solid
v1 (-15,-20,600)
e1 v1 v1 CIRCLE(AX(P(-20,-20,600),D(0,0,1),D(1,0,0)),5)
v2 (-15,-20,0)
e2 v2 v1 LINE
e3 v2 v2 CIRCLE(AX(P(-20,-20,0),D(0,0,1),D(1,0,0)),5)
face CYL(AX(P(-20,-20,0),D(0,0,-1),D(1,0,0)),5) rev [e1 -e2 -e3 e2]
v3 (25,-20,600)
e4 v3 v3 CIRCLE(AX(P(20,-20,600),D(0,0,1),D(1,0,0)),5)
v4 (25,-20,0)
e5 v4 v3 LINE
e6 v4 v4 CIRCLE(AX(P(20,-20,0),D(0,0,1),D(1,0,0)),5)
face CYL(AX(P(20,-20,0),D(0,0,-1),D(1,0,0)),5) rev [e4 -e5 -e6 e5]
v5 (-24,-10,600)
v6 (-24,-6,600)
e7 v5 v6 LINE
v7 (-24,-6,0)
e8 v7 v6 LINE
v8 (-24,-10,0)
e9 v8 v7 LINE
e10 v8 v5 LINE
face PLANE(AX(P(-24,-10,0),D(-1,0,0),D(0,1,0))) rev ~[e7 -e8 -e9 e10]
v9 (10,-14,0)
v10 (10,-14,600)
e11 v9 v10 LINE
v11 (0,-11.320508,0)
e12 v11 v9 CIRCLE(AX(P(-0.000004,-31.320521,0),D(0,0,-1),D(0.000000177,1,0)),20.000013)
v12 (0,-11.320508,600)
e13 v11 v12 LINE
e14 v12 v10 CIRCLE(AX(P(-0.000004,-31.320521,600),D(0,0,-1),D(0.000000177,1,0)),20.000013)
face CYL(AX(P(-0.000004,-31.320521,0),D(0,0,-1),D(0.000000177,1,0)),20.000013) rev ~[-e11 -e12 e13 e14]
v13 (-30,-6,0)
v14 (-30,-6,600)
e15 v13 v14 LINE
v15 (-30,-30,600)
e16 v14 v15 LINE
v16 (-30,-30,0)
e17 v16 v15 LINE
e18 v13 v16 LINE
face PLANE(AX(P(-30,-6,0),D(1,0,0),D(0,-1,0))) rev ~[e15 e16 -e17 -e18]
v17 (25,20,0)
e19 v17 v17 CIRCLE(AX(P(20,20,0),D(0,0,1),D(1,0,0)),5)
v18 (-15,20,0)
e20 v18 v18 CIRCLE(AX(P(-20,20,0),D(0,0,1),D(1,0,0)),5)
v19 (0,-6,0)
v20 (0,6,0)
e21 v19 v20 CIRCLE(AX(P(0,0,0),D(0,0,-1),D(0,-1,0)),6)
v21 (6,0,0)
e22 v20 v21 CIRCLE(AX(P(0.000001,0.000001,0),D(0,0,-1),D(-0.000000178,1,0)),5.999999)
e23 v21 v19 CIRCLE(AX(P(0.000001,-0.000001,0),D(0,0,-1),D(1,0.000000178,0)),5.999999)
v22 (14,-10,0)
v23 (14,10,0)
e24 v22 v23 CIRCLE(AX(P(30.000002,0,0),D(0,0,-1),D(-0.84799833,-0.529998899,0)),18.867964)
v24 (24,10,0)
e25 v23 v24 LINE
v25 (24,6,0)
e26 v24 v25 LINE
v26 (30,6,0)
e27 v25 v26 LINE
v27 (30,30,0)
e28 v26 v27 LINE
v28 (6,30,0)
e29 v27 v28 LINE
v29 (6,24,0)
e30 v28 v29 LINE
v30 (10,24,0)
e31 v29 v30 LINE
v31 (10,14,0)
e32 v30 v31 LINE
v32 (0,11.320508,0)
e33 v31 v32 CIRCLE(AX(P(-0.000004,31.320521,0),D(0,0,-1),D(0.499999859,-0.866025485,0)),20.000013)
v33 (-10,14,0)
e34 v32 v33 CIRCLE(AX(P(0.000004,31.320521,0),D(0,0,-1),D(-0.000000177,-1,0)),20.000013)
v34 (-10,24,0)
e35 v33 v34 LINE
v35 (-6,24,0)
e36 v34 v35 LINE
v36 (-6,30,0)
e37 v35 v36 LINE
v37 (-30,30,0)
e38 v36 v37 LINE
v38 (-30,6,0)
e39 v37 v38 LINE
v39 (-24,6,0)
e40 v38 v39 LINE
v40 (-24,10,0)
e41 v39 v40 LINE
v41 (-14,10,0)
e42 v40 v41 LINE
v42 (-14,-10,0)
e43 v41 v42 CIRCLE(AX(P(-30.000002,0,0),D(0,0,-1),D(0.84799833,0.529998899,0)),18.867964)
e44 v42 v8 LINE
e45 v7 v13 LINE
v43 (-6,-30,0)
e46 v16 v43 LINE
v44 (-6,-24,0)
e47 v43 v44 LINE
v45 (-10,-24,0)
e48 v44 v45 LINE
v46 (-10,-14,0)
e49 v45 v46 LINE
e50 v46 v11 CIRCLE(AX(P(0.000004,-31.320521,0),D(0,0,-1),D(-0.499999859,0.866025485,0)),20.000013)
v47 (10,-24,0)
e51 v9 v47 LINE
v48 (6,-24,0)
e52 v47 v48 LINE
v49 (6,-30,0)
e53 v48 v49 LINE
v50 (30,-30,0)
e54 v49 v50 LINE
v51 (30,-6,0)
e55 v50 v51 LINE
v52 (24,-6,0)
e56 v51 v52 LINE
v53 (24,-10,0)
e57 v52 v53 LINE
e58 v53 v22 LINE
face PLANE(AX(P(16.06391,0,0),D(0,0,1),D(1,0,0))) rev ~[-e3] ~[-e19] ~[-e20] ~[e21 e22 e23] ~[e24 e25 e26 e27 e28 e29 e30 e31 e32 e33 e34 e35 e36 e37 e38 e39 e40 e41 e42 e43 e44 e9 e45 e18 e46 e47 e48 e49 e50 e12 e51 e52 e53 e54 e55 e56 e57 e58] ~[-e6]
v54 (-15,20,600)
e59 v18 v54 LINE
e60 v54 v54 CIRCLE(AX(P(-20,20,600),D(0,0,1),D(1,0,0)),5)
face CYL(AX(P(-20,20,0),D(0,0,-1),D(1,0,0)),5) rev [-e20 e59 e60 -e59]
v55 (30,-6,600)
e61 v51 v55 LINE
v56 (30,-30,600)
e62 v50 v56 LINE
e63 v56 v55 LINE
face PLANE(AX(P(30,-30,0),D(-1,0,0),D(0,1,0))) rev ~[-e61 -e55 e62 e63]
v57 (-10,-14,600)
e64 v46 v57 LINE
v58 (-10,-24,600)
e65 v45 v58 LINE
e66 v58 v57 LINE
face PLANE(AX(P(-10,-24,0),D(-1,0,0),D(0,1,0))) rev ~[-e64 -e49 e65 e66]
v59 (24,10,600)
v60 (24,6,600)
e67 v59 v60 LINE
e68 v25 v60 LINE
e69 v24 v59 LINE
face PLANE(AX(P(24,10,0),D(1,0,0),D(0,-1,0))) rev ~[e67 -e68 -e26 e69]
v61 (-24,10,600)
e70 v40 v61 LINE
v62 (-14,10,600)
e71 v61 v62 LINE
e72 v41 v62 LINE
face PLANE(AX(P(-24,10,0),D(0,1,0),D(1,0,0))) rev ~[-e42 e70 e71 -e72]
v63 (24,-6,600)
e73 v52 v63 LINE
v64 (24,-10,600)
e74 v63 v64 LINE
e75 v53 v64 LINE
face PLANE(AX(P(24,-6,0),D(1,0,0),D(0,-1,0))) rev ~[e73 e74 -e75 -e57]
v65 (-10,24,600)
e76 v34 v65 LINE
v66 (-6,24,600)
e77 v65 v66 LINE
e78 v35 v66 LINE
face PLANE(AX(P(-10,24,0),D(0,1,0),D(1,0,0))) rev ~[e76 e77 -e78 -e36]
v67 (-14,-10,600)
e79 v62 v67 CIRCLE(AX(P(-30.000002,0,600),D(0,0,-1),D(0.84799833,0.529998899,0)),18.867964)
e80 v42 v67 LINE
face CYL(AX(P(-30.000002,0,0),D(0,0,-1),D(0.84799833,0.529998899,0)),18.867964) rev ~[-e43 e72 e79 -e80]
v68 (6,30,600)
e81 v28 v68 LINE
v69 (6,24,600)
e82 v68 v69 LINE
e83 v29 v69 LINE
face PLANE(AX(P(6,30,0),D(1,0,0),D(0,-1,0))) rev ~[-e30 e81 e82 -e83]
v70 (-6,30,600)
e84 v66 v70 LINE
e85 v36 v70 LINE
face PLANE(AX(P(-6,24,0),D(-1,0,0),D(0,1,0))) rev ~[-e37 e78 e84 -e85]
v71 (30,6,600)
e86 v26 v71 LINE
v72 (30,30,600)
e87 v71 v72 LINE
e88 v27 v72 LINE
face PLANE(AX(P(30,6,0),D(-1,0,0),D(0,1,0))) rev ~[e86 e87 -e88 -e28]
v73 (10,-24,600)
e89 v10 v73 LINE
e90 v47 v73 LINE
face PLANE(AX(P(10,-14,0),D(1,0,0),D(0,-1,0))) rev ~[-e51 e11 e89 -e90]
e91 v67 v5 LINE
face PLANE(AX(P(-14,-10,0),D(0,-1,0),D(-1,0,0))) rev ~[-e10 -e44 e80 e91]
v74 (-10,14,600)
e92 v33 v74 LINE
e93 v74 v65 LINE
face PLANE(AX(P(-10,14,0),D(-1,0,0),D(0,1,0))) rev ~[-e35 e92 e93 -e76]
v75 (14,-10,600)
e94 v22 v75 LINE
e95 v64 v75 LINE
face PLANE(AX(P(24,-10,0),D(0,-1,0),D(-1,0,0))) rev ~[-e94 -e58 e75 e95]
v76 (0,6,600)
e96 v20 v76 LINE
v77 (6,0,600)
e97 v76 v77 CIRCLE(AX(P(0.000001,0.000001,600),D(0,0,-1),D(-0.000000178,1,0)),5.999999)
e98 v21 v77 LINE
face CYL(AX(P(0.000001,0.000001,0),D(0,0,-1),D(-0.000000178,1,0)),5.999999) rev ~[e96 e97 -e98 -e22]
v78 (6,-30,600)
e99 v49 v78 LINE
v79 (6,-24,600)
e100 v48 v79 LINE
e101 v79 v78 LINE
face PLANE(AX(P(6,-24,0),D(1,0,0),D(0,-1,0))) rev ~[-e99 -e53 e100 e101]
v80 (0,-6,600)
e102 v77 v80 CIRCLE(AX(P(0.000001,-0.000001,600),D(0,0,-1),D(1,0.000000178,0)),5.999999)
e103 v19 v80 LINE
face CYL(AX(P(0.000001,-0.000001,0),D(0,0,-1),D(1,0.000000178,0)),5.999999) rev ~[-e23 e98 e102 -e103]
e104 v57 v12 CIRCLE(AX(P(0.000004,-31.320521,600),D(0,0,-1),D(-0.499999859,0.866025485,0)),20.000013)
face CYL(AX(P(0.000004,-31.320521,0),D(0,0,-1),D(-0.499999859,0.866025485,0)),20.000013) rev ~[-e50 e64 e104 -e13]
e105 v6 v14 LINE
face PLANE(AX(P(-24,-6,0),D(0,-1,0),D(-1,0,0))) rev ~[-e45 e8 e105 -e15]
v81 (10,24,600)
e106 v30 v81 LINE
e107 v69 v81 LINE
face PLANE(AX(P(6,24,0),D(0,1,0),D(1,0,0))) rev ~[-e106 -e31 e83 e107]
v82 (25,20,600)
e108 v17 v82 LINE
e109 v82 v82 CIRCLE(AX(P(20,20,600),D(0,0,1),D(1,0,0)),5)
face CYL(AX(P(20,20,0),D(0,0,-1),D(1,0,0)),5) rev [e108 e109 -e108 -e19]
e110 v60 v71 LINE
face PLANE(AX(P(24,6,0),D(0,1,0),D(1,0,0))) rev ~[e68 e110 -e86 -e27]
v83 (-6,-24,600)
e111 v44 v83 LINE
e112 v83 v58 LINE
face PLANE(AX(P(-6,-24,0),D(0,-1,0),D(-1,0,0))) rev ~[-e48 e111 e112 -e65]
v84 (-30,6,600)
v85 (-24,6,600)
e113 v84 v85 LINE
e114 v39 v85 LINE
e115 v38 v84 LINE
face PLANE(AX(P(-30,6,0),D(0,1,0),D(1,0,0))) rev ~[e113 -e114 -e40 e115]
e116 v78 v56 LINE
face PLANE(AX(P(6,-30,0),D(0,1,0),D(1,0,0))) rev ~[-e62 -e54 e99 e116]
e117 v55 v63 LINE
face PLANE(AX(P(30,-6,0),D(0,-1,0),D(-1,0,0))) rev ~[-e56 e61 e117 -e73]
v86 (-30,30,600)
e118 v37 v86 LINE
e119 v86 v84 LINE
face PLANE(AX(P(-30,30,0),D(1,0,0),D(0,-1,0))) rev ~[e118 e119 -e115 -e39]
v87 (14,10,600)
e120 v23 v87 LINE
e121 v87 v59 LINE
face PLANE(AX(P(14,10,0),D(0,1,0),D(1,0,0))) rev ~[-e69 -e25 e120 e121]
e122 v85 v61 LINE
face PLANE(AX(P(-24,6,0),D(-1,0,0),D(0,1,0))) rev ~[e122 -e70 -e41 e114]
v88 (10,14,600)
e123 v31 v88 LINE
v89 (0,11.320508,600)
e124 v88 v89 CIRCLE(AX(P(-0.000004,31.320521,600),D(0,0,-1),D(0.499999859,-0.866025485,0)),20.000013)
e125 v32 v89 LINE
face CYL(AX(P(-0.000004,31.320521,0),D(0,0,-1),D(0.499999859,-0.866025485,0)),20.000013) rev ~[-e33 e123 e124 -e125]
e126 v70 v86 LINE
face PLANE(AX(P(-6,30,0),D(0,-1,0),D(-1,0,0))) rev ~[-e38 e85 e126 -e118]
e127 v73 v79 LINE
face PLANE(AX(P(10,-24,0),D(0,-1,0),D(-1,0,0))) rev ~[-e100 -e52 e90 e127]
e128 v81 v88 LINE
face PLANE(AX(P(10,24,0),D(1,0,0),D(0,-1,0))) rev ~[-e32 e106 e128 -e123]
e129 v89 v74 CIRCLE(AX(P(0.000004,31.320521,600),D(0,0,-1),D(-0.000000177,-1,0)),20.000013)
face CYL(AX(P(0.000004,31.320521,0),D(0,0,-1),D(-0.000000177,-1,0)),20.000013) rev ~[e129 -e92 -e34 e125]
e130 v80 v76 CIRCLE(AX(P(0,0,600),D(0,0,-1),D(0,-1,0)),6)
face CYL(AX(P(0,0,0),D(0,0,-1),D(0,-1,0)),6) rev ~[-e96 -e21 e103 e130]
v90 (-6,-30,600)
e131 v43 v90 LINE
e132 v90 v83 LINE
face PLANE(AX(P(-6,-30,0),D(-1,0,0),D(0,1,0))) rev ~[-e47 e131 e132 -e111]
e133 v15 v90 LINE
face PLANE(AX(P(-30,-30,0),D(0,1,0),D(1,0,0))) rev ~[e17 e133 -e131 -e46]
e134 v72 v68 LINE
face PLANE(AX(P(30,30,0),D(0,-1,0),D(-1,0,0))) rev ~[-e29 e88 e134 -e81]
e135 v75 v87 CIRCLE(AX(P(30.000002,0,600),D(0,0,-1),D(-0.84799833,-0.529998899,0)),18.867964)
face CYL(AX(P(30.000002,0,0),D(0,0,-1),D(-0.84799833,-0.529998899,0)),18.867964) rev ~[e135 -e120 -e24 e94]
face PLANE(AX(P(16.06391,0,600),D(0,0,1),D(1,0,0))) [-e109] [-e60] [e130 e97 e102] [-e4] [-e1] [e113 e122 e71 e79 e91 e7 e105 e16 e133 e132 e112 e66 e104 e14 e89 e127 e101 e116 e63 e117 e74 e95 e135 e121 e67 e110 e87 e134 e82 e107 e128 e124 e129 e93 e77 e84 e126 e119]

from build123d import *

# Parameters (mm, degrees)
F0_R     = 5
F1_DEPTH = 600


with BuildPart() as f1:
    # F0 (on Top) → F1 (new body)
    with BuildSketch(Plane.XY):
        with BuildLine():
            Line((30, 6), (30, 30))
            Line((30, 30), (6, 30))
            Line((6, 30), (6, 24))
            Line((6, 24), (10, 24))
            Line((10, 24), (10, 14))
            ThreePointArc((10, 14), (5.176381, 12.001992), (0, 11.320508))
            Line((0, 11.320508), (0, 6))
            ThreePointArc((0, 6), (4.242641, 4.242641), (6, 0))
            ThreePointArc((6, 0), (4.242641, -4.242641), (0, -6))
            Line((0, -6), (0, -11.320508))
            ThreePointArc((0, -11.320508), (5.176381, -12.001992), (10, -14))
            Line((10, -14), (10, -24))
            Line((10, -24), (6, -24))
            Line((6, -24), (6, -30))
            Line((6, -30), (30, -30))
            Line((30, -30), (30, -6))
            Line((30, -6), (24, -6))
            Line((24, -6), (24, -10))
            Line((24, -10), (14, -10))
            ThreePointArc((14, -10), (11.132038, 0), (14, 10))
            Line((14, 10), (24, 10))
            Line((24, 10), (24, 6))
            Line((24, 6), (30, 6))
        make_face()
        with Locations((20, -20)):
            Circle(F0_R, mode=Mode.SUBTRACT)
        with Locations((20, 20)):
            Circle(F0_R, mode=Mode.SUBTRACT)
        with BuildLine():
            Line((0, 6), (0, 11.320508))
            ThreePointArc((0, 11.320508), (-5.176381, 12.001992), (-10, 14))
            Line((-10, 14), (-10, 24))
            Line((-10, 24), (-6, 24))
            Line((-6, 24), (-6, 30))
            Line((-6, 30), (-30, 30))
            Line((-30, 30), (-30, 6))
            Line((-30, 6), (-24, 6))
            Line((-24, 6), (-24, 10))
            Line((-24, 10), (-14, 10))
            ThreePointArc((-14, 10), (-11.132038, 0), (-14, -10))
            Line((-14, -10), (-24, -10))
            Line((-24, -10), (-24, -6))
            Line((-24, -6), (-30, -6))
            Line((-30, -6), (-30, -30))
            Line((-30, -30), (-6, -30))
            Line((-6, -30), (-6, -24))
            Line((-6, -24), (-10, -24))
            Line((-10, -24), (-10, -14))
            ThreePointArc((-10, -14), (-5.176381, -12.001992), (0, -11.320508))
            Line((0, -11.320508), (0, -6))
            ThreePointArc((0, -6), (-6, 0), (0, 6))
        make_face()
        with Locations((-20, -20)):
            Circle(F0_R, mode=Mode.SUBTRACT)
        with Locations((-20, 20)):
            Circle(F0_R, mode=Mode.SUBTRACT)
    extrude(amount=F1_DEPTH)


solid = f1.part
